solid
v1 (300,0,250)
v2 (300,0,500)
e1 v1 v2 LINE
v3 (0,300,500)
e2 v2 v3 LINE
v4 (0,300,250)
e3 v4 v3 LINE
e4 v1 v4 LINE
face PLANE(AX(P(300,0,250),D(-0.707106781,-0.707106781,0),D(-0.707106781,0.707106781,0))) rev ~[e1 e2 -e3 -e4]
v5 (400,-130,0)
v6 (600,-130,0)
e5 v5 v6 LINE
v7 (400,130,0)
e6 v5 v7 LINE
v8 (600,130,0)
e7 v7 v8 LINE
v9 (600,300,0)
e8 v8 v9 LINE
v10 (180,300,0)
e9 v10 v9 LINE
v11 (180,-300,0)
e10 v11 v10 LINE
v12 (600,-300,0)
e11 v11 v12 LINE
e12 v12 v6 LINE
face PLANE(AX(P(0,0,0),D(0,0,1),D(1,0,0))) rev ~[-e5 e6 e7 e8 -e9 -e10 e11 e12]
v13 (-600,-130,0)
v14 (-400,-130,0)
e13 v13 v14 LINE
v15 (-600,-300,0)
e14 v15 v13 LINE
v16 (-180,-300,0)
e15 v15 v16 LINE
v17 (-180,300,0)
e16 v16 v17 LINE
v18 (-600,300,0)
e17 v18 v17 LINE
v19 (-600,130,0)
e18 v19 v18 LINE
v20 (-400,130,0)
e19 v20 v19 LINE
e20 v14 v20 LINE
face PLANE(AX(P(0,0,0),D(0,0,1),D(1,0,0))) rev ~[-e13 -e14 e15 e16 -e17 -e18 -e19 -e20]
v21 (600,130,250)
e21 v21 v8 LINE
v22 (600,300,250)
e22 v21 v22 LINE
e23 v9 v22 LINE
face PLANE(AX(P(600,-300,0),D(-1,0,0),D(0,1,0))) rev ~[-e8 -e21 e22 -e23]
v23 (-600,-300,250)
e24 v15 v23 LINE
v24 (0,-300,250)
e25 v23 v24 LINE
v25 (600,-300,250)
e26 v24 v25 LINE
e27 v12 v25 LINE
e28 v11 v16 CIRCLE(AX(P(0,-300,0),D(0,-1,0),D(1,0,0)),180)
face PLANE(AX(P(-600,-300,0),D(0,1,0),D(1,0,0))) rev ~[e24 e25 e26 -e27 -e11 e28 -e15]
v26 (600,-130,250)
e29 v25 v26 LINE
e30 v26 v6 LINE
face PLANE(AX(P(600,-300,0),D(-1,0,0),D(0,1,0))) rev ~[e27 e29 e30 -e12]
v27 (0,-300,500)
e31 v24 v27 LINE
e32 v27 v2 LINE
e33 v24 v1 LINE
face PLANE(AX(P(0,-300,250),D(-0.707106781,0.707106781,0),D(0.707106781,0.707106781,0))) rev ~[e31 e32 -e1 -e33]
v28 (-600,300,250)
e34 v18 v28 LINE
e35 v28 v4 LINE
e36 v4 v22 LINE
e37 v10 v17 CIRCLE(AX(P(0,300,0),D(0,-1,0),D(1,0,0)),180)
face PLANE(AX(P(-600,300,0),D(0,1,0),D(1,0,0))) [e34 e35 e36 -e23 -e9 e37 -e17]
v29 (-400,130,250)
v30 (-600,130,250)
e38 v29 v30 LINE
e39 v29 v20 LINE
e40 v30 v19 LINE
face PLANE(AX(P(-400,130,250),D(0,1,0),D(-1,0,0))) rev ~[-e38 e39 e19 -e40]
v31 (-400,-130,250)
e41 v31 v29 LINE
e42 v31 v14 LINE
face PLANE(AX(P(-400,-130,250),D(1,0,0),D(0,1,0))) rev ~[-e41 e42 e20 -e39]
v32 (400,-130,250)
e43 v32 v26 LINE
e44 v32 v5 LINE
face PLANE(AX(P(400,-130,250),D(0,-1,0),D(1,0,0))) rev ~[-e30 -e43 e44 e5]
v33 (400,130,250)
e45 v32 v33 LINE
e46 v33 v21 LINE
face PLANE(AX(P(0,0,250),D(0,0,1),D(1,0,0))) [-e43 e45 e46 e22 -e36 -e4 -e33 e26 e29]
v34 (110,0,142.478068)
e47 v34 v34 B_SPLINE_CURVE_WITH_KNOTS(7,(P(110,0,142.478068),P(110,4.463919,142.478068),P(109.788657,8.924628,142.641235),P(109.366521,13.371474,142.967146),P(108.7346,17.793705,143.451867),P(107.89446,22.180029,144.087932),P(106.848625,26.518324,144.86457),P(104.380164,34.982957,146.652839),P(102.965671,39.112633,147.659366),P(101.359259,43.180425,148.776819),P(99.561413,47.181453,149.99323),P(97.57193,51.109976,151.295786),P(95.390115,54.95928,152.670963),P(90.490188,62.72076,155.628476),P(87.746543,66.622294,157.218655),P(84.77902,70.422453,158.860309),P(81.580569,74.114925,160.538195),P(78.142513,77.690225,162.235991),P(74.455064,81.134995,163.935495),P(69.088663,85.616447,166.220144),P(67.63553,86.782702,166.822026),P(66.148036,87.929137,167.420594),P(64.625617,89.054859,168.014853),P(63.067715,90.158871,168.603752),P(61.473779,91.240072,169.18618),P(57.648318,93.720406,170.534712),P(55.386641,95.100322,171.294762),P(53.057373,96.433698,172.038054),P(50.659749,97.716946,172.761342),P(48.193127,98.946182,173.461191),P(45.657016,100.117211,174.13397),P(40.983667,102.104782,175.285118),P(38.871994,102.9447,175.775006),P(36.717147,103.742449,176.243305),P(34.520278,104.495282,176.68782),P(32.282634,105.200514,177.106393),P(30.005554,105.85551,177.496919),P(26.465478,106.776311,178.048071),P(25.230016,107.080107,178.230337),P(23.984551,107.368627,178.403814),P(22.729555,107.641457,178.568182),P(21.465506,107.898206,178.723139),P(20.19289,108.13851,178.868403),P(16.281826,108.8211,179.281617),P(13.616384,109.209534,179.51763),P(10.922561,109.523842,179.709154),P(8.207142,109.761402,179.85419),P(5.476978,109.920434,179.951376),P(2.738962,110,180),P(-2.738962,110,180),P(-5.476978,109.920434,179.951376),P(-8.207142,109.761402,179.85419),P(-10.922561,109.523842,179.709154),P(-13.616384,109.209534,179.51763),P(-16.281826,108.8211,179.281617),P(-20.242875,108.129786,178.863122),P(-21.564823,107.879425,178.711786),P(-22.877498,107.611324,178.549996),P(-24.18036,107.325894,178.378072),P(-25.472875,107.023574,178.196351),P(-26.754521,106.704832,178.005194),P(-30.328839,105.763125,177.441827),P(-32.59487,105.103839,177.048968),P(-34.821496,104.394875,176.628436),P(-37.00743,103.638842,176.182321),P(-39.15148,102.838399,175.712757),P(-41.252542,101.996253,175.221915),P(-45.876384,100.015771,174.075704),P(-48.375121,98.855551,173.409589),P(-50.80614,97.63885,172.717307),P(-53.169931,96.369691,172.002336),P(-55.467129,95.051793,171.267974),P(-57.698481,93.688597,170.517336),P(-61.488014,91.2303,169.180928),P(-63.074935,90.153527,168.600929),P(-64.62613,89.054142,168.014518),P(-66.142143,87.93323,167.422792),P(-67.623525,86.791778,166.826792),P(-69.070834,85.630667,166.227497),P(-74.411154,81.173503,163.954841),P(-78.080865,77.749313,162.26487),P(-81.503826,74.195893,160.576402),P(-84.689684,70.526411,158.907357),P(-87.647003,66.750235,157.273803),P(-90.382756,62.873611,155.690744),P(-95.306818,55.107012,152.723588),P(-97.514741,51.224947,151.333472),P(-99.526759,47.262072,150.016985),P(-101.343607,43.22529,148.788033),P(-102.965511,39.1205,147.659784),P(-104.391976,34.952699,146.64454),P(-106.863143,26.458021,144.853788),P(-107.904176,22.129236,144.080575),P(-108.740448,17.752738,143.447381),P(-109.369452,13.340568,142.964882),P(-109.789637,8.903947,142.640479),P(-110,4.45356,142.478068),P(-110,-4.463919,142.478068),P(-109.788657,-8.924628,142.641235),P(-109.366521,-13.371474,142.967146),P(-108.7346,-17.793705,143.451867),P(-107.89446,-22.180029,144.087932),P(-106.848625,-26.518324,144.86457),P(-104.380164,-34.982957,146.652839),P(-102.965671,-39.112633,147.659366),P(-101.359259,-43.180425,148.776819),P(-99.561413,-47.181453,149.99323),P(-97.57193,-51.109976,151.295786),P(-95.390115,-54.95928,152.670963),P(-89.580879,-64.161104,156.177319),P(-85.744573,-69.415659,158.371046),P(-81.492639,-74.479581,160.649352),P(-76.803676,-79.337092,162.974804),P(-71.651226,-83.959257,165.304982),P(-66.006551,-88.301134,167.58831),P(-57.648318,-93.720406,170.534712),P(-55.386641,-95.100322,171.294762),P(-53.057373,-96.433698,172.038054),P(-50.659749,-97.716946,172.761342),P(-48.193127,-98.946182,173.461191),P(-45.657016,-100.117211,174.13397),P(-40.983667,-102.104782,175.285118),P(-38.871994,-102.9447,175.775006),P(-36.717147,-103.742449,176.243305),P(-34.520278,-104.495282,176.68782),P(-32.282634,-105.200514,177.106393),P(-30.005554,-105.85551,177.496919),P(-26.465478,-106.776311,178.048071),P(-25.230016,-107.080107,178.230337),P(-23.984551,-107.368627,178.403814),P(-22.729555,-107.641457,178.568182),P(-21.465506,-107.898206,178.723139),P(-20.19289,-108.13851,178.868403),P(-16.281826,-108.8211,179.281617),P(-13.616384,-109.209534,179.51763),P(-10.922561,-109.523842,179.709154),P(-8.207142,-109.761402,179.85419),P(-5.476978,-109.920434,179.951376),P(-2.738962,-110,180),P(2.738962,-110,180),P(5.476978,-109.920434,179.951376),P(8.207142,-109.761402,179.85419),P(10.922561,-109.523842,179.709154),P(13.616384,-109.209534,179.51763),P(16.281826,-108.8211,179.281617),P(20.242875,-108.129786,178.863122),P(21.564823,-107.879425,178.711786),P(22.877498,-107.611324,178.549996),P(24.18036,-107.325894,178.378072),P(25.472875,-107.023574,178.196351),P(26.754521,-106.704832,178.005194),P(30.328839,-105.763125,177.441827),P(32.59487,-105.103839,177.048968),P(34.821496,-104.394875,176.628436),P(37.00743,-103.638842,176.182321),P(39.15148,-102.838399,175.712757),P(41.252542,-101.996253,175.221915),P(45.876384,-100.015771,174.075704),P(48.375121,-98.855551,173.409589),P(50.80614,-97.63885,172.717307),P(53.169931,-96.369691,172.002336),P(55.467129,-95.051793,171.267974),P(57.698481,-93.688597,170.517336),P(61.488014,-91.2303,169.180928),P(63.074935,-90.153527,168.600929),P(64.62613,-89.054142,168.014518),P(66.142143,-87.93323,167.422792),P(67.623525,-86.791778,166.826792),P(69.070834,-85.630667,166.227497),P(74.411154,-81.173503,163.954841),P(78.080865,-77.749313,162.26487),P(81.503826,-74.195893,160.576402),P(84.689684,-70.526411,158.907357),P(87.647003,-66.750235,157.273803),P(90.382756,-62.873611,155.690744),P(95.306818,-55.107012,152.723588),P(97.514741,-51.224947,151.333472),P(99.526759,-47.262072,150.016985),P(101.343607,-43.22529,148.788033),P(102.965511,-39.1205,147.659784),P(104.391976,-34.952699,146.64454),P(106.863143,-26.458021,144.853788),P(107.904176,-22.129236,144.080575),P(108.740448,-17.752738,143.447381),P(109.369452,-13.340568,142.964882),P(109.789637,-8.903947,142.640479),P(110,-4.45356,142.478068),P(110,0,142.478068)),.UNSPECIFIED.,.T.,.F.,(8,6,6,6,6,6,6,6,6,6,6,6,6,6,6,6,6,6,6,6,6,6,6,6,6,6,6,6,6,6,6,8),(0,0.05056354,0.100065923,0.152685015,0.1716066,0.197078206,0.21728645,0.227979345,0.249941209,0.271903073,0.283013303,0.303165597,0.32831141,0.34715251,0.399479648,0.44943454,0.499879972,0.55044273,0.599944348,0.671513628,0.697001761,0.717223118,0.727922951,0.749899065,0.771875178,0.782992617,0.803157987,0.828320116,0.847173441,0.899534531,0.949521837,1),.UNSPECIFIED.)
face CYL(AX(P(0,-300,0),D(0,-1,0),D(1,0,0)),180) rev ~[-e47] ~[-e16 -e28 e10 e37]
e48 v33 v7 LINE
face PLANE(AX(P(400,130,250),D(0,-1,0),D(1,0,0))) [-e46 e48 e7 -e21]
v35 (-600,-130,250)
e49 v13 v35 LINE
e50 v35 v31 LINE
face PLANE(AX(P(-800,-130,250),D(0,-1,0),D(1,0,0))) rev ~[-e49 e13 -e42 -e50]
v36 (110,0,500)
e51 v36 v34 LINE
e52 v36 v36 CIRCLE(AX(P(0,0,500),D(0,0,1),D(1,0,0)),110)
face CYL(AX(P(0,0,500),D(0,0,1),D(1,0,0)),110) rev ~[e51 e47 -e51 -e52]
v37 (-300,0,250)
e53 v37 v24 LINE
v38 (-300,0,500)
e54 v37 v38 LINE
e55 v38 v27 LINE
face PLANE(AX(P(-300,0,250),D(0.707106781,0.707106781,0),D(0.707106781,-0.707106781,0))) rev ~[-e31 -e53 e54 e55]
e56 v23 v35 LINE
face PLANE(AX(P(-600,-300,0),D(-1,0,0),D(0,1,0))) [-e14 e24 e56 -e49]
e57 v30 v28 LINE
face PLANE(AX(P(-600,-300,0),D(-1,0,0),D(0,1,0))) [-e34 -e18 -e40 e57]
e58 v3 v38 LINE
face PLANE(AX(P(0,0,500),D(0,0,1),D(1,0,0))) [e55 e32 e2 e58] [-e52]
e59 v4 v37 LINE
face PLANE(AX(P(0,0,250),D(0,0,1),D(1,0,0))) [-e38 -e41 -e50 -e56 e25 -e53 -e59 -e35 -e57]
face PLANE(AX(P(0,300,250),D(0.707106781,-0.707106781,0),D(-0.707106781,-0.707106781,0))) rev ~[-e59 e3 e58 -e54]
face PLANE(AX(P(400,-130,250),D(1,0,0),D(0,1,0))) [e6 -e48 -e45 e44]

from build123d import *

# Parameters (mm, degrees)
F0_W     = 1200
F0_H     = 600
F1_DEPTH = 250
F2_W     = 200
F2_H     = 260
F3_DEPTH = 250.001
F5_DEPTH = 250
F6_R     = 110
F7_DEPTH = 500.001
F9_DEPTH = 600.001


with BuildPart() as f1:
    # F0 (on Top) → F1 (new body)
    with BuildSketch(Plane.XY):
        Rectangle(F0_W, F0_H)
    extrude(amount=F1_DEPTH)

    # F2 (on face) → F3 (cut, through all)
    with BuildSketch(Plane.XY.offset(250)):
        with Locations((-700, 0)):
            Rectangle(F2_W, F2_H)
        with Locations((-500, 0)):
            Rectangle(F2_W, F2_H)
        with Locations((500, 0)):
            Rectangle(F2_W, F2_H)
    extrude(amount=-F3_DEPTH, mode=Mode.SUBTRACT)

    # F4 (on face) → F5 (join)
    with BuildSketch(Plane.XY.offset(250)):
        Polygon((300, 0), (0, 300), (-300, 0), (0, -300), align=None)
    extrude(amount=F5_DEPTH)

    # F6 (on face) → F7 (cut, through all)
    with BuildSketch(Plane.XY.offset(500)):
        Circle(F6_R)
    extrude(amount=-F7_DEPTH, mode=Mode.SUBTRACT)

    # F8 (on face) → F9 (cut, through all)
    with BuildSketch(Plane.XZ.offset(300)):
        with BuildLine():
            Line((-180, 0), (180, 0))
            ThreePointArc((180, 0), (0, 180), (-180, 0))
        make_face()
    extrude(amount=-F9_DEPTH, mode=Mode.SUBTRACT)


solid = f1.part
